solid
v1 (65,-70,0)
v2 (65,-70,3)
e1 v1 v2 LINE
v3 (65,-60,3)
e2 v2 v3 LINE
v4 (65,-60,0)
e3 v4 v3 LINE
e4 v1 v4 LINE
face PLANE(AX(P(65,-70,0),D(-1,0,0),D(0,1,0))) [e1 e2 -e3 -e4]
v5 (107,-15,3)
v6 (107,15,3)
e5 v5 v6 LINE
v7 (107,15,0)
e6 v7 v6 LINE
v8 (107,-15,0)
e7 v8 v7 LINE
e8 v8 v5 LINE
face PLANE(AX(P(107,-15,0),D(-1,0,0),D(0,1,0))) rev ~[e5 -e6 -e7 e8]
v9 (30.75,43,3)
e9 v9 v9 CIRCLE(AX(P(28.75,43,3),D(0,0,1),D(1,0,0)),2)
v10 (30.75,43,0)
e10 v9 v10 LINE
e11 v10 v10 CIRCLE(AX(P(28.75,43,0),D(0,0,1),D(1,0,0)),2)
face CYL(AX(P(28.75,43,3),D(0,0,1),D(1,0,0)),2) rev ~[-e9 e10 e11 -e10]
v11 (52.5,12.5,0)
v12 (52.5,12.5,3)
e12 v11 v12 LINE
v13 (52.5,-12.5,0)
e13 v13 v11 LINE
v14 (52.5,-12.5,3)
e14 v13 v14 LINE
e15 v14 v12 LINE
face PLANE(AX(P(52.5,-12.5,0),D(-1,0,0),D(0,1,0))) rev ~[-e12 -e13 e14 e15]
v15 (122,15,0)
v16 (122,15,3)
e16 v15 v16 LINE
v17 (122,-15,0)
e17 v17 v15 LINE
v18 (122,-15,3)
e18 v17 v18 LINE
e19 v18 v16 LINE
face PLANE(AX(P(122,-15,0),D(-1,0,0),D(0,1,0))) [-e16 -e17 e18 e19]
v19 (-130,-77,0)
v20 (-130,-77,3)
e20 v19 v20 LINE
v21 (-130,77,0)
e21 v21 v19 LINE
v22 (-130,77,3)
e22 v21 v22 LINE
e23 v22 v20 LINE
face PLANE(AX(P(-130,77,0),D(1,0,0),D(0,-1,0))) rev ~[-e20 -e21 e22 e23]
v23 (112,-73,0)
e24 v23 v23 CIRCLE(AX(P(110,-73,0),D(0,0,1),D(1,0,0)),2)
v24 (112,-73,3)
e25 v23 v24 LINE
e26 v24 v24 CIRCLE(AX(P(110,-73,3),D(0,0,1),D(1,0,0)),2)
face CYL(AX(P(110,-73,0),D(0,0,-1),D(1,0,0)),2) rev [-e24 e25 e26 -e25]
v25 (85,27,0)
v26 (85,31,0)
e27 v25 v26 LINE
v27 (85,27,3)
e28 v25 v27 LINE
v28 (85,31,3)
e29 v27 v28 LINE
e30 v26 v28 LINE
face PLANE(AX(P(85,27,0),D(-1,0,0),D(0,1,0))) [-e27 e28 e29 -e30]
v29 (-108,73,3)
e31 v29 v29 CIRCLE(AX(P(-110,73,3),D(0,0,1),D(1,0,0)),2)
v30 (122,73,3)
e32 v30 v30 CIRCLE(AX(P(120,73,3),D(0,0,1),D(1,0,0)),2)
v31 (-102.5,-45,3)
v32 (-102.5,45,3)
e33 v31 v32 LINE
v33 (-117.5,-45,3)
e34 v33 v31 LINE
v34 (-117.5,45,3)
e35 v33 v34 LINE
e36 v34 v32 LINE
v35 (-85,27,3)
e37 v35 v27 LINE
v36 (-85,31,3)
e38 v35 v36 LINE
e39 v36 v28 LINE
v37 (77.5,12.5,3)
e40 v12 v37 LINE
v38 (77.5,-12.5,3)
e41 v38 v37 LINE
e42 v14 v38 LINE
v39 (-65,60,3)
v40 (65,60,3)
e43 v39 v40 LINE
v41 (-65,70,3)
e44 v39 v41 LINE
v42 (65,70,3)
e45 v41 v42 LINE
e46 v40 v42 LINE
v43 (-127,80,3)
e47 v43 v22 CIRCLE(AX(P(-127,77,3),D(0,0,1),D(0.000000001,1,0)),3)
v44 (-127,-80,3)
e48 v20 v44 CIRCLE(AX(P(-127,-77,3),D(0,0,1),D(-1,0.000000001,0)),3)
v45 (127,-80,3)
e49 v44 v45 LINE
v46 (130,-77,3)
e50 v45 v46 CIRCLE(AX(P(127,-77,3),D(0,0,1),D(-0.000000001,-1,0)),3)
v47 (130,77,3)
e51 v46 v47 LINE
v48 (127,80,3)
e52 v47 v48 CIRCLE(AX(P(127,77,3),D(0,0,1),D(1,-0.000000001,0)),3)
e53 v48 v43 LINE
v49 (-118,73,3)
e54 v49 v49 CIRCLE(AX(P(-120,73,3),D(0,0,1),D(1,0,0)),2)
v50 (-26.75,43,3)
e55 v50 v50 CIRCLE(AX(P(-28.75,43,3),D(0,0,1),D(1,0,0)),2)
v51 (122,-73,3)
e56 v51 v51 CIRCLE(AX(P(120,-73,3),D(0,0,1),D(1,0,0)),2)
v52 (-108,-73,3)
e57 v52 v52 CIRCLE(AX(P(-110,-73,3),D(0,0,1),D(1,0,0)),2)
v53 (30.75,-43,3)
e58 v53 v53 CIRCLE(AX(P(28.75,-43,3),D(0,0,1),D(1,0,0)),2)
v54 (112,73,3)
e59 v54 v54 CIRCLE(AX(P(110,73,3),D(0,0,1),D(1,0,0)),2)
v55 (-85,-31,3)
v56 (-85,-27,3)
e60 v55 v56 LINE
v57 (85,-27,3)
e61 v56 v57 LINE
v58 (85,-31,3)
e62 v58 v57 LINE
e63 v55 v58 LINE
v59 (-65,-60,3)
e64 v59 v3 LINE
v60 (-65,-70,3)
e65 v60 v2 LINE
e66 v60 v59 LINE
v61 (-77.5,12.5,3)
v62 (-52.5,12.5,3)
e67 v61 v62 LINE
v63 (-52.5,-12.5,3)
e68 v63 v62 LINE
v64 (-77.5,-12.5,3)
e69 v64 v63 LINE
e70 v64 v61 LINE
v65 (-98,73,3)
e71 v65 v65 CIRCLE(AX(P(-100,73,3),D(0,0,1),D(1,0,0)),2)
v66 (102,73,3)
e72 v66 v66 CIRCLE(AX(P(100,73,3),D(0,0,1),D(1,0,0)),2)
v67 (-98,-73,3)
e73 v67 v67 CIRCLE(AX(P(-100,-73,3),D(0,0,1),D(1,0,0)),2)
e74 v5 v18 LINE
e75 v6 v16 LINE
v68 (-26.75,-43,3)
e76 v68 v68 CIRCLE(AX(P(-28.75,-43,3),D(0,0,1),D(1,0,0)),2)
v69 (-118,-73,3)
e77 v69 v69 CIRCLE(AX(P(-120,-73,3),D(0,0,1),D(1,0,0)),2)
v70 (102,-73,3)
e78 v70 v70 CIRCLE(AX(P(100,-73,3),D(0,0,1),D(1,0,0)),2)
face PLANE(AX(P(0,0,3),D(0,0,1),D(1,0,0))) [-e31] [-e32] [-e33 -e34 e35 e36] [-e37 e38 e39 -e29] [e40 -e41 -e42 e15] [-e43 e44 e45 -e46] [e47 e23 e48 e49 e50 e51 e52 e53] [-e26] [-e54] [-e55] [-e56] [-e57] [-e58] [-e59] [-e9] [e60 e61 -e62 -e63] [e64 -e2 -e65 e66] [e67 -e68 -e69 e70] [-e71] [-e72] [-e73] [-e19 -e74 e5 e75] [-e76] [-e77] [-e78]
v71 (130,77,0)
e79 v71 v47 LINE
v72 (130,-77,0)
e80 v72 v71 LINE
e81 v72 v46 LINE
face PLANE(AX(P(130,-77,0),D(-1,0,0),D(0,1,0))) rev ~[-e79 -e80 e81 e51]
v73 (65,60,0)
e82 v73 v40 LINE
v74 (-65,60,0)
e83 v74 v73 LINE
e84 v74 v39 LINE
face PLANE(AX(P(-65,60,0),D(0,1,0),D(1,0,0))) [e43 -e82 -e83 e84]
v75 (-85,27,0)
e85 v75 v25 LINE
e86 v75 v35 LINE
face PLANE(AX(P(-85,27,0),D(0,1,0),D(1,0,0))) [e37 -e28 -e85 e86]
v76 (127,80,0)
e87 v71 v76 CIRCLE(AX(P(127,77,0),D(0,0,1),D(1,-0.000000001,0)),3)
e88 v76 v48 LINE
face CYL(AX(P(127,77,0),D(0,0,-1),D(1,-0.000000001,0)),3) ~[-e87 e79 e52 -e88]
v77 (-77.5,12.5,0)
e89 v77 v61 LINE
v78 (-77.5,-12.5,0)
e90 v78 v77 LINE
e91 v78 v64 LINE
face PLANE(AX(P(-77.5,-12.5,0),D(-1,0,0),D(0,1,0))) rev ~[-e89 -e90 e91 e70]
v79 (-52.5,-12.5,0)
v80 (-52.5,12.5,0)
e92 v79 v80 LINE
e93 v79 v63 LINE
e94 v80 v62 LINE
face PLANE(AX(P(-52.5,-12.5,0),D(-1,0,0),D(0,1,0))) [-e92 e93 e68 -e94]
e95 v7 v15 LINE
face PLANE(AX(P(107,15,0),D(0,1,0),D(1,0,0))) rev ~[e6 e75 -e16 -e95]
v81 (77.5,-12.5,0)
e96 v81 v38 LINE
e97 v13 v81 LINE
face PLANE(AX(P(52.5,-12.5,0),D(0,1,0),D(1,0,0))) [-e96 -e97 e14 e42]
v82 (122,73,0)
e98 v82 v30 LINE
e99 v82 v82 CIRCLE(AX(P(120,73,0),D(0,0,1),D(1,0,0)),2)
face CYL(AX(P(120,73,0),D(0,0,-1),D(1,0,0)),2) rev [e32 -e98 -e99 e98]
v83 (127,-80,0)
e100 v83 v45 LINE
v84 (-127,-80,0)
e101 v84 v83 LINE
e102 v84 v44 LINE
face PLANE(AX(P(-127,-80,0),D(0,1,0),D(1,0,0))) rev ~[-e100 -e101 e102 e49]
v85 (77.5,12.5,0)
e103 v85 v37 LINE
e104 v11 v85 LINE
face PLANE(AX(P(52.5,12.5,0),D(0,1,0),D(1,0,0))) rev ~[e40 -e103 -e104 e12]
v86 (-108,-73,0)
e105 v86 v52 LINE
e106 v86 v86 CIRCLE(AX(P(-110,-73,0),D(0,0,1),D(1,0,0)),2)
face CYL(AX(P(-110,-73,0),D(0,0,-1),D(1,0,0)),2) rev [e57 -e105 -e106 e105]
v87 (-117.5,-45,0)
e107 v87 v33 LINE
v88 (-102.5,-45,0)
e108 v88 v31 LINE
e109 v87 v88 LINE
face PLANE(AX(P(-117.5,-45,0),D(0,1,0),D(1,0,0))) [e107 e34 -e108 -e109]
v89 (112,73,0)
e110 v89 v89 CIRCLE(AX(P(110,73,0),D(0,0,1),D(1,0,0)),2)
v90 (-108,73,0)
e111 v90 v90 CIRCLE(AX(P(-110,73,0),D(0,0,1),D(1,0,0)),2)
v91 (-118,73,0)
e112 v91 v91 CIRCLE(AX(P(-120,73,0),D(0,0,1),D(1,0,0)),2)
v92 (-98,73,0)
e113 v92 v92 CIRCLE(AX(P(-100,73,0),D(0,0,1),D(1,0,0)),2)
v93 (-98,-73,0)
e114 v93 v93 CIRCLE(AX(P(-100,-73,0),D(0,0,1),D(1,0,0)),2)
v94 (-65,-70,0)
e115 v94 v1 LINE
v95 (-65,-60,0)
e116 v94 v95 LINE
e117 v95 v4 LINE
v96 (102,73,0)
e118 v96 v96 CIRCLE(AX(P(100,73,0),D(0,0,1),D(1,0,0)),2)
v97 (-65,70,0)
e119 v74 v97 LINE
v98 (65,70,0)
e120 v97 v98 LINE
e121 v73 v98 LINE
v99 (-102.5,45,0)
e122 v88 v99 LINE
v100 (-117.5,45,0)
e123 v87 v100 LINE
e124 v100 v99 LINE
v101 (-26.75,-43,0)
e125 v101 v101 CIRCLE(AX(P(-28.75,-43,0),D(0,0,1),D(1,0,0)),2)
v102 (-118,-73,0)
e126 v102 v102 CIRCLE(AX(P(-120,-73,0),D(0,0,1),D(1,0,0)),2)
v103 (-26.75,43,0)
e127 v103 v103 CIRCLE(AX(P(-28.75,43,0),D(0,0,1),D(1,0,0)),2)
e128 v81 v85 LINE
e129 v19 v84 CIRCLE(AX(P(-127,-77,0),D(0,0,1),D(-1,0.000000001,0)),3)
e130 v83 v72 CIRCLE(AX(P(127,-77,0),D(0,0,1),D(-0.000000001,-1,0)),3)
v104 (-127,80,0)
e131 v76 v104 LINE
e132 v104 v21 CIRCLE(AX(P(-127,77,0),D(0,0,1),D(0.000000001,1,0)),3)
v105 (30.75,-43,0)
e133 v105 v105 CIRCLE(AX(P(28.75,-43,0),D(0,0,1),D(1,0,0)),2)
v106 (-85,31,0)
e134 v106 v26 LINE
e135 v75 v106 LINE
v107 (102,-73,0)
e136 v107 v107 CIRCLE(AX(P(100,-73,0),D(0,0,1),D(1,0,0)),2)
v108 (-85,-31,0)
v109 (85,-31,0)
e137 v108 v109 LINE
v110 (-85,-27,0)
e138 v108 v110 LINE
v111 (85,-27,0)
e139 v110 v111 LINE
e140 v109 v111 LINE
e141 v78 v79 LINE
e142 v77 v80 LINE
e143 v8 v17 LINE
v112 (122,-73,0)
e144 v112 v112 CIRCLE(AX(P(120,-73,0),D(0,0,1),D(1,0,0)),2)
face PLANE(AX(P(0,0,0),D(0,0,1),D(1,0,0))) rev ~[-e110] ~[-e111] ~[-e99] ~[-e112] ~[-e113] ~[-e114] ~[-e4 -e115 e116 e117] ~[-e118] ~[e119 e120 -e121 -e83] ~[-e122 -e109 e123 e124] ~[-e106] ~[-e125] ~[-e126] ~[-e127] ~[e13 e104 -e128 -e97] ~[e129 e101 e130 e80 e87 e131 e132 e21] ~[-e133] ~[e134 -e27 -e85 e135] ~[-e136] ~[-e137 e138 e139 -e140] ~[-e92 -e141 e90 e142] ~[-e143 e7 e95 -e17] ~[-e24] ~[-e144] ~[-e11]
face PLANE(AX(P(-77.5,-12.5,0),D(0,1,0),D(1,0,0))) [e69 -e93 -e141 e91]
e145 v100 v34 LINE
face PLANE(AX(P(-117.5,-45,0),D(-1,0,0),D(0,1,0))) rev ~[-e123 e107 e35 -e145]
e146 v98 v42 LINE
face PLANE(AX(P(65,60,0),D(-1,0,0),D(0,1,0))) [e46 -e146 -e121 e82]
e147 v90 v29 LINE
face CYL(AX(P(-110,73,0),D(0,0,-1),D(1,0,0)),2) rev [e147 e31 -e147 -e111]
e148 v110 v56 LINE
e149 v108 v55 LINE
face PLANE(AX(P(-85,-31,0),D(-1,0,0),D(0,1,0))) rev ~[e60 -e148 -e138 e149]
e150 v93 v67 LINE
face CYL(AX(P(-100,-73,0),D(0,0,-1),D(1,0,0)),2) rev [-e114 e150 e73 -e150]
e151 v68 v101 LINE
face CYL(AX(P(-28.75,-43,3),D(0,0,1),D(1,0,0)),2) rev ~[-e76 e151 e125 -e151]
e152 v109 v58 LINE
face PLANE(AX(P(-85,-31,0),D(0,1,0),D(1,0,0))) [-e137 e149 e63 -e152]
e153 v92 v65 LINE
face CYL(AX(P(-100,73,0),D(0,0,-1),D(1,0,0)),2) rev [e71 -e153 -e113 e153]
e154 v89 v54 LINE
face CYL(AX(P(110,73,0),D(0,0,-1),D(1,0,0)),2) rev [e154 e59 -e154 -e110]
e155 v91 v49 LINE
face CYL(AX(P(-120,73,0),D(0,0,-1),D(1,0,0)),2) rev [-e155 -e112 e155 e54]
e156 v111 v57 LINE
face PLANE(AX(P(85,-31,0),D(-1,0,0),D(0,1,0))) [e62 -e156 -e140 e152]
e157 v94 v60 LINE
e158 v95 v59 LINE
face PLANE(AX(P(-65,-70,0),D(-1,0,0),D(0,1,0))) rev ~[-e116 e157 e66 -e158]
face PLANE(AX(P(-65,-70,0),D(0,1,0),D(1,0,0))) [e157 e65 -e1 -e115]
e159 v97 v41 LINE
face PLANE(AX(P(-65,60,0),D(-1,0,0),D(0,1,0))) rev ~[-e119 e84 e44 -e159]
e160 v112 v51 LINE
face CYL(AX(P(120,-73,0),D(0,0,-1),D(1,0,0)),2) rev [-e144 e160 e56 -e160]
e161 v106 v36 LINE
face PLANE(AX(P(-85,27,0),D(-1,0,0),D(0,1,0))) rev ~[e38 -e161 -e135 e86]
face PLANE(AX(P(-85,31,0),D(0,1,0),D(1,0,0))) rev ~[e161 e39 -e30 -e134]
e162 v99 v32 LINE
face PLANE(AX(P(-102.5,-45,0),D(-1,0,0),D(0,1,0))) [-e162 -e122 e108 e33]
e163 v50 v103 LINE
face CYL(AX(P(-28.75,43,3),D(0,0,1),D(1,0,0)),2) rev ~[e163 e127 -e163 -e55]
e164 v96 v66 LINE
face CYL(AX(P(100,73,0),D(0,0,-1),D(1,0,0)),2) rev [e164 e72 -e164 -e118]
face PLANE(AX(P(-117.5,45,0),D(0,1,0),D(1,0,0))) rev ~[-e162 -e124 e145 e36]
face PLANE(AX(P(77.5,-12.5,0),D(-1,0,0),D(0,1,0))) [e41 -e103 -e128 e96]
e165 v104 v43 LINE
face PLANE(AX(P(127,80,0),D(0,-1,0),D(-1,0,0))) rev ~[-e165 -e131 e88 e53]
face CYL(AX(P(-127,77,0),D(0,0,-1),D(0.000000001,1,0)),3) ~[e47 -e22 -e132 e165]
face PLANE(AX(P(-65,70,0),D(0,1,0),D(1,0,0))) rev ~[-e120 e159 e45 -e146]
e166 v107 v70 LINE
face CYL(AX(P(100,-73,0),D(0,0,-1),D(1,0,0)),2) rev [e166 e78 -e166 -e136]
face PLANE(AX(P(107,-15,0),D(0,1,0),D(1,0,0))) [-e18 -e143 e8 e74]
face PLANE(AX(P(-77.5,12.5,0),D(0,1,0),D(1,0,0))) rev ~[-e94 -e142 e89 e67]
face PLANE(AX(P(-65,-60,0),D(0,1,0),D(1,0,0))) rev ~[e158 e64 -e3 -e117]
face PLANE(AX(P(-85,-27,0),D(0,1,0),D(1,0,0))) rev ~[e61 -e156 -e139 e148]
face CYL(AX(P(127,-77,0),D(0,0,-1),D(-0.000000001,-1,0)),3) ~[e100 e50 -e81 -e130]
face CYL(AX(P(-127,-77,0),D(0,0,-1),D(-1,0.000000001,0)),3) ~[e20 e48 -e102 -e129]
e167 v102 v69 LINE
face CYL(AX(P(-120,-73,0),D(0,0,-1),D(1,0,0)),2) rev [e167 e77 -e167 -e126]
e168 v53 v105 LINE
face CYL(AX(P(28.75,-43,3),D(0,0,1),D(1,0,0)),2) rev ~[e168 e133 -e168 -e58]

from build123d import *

# Parameters (mm, degrees)
MODEL_R             = 2
MODEL_W             = 130
MODEL_H             = 10
MODEL_W_2           = 15
MODEL_H_2           = 90
MODEL_W_3           = 25
MODEL_H_3           = 25
MODEL_H_4           = 30
MODEL_W_4           = 170
MODEL_H_5           = 4
EXTRUDE_1_DEPTH     = 3
SKETCH_1_R          = 2
CUT_EXTRUDE_1_DEPTH = 10


with BuildPart() as part:
    # Model → 凸台-拉伸1 (new body)
    with BuildSketch(Plane.XY):
        with BuildLine():
            Line((130, -77), (130, 77))
            ThreePointArc((130, 77), (129.121320344, 79.121320344), (127, 80))
            Line((127, 80), (-127, 80))
            ThreePointArc((-127, 80), (-129.121320344, 79.121320344), (-130, 77))
            Line((-130, 77), (-130, -77))
            ThreePointArc((-130, -77), (-129.121320344, -79.121320344), (-127, -80))
            Line((-127, -80), (127, -80))
            ThreePointArc((127, -80), (129.121320344, -79.121320344), (130, -77))
        make_face()
        with Locations((-110, 73)):
            Circle(MODEL_R, mode=Mode.SUBTRACT)
        with Locations((110, 73)):
            Circle(MODEL_R, mode=Mode.SUBTRACT)
        with Locations((110, -73)):
            Circle(MODEL_R, mode=Mode.SUBTRACT)
        with Locations((-110, -73)):
            Circle(MODEL_R, mode=Mode.SUBTRACT)
        with Locations((-120, 73)):
            Circle(MODEL_R, mode=Mode.SUBTRACT)
        with Locations((120, 73)):
            Circle(MODEL_R, mode=Mode.SUBTRACT)
        with Locations((-120, -73)):
            Circle(MODEL_R, mode=Mode.SUBTRACT)
        with Locations((120, -73)):
            Circle(MODEL_R, mode=Mode.SUBTRACT)
        with Locations((-100, 73)):
            Circle(MODEL_R, mode=Mode.SUBTRACT)
        with Locations((100, 73)):
            Circle(MODEL_R, mode=Mode.SUBTRACT)
        with Locations((-100, -73)):
            Circle(MODEL_R, mode=Mode.SUBTRACT)
        with Locations((100, -73)):
            Circle(MODEL_R, mode=Mode.SUBTRACT)
        with Locations((0, 65)):
            Rectangle(MODEL_W, MODEL_H, mode=Mode.SUBTRACT)
        with Locations((0, -65)):
            Rectangle(MODEL_W, MODEL_H, mode=Mode.SUBTRACT)
        with Locations((-110, 0)):
            Rectangle(MODEL_W_2, MODEL_H_2, mode=Mode.SUBTRACT)
        with Locations((65, 0)):
            Rectangle(MODEL_W_3, MODEL_H_3, mode=Mode.SUBTRACT)
        with Locations((-65, 0)):
            Rectangle(MODEL_W_3, MODEL_H_3, mode=Mode.SUBTRACT)
        with Locations((114.5, 0)):
            Rectangle(MODEL_W_2, MODEL_H_4, mode=Mode.SUBTRACT)
        with Locations((0, 29)):
            Rectangle(MODEL_W_4, MODEL_H_5, mode=Mode.SUBTRACT)
        with Locations((0, -29)):
            Rectangle(MODEL_W_4, MODEL_H_5, mode=Mode.SUBTRACT)
    extrude(amount=EXTRUDE_1_DEPTH)

    # 草图1 → 切除-拉伸1 (cut)
    with BuildSketch(Plane.XY.offset(3)):
        with Locations((-28.75, 43)):
            Circle(SKETCH_1_R)
        with Locations((28.75, 43)):
            Circle(SKETCH_1_R)
        with Locations((-28.75, -43)):
            Circle(SKETCH_1_R)
        with Locations((28.75, -43)):
            Circle(SKETCH_1_R)
    extrude(amount=-CUT_EXTRUDE_1_DEPTH, mode=Mode.SUBTRACT)


solid = part.part
